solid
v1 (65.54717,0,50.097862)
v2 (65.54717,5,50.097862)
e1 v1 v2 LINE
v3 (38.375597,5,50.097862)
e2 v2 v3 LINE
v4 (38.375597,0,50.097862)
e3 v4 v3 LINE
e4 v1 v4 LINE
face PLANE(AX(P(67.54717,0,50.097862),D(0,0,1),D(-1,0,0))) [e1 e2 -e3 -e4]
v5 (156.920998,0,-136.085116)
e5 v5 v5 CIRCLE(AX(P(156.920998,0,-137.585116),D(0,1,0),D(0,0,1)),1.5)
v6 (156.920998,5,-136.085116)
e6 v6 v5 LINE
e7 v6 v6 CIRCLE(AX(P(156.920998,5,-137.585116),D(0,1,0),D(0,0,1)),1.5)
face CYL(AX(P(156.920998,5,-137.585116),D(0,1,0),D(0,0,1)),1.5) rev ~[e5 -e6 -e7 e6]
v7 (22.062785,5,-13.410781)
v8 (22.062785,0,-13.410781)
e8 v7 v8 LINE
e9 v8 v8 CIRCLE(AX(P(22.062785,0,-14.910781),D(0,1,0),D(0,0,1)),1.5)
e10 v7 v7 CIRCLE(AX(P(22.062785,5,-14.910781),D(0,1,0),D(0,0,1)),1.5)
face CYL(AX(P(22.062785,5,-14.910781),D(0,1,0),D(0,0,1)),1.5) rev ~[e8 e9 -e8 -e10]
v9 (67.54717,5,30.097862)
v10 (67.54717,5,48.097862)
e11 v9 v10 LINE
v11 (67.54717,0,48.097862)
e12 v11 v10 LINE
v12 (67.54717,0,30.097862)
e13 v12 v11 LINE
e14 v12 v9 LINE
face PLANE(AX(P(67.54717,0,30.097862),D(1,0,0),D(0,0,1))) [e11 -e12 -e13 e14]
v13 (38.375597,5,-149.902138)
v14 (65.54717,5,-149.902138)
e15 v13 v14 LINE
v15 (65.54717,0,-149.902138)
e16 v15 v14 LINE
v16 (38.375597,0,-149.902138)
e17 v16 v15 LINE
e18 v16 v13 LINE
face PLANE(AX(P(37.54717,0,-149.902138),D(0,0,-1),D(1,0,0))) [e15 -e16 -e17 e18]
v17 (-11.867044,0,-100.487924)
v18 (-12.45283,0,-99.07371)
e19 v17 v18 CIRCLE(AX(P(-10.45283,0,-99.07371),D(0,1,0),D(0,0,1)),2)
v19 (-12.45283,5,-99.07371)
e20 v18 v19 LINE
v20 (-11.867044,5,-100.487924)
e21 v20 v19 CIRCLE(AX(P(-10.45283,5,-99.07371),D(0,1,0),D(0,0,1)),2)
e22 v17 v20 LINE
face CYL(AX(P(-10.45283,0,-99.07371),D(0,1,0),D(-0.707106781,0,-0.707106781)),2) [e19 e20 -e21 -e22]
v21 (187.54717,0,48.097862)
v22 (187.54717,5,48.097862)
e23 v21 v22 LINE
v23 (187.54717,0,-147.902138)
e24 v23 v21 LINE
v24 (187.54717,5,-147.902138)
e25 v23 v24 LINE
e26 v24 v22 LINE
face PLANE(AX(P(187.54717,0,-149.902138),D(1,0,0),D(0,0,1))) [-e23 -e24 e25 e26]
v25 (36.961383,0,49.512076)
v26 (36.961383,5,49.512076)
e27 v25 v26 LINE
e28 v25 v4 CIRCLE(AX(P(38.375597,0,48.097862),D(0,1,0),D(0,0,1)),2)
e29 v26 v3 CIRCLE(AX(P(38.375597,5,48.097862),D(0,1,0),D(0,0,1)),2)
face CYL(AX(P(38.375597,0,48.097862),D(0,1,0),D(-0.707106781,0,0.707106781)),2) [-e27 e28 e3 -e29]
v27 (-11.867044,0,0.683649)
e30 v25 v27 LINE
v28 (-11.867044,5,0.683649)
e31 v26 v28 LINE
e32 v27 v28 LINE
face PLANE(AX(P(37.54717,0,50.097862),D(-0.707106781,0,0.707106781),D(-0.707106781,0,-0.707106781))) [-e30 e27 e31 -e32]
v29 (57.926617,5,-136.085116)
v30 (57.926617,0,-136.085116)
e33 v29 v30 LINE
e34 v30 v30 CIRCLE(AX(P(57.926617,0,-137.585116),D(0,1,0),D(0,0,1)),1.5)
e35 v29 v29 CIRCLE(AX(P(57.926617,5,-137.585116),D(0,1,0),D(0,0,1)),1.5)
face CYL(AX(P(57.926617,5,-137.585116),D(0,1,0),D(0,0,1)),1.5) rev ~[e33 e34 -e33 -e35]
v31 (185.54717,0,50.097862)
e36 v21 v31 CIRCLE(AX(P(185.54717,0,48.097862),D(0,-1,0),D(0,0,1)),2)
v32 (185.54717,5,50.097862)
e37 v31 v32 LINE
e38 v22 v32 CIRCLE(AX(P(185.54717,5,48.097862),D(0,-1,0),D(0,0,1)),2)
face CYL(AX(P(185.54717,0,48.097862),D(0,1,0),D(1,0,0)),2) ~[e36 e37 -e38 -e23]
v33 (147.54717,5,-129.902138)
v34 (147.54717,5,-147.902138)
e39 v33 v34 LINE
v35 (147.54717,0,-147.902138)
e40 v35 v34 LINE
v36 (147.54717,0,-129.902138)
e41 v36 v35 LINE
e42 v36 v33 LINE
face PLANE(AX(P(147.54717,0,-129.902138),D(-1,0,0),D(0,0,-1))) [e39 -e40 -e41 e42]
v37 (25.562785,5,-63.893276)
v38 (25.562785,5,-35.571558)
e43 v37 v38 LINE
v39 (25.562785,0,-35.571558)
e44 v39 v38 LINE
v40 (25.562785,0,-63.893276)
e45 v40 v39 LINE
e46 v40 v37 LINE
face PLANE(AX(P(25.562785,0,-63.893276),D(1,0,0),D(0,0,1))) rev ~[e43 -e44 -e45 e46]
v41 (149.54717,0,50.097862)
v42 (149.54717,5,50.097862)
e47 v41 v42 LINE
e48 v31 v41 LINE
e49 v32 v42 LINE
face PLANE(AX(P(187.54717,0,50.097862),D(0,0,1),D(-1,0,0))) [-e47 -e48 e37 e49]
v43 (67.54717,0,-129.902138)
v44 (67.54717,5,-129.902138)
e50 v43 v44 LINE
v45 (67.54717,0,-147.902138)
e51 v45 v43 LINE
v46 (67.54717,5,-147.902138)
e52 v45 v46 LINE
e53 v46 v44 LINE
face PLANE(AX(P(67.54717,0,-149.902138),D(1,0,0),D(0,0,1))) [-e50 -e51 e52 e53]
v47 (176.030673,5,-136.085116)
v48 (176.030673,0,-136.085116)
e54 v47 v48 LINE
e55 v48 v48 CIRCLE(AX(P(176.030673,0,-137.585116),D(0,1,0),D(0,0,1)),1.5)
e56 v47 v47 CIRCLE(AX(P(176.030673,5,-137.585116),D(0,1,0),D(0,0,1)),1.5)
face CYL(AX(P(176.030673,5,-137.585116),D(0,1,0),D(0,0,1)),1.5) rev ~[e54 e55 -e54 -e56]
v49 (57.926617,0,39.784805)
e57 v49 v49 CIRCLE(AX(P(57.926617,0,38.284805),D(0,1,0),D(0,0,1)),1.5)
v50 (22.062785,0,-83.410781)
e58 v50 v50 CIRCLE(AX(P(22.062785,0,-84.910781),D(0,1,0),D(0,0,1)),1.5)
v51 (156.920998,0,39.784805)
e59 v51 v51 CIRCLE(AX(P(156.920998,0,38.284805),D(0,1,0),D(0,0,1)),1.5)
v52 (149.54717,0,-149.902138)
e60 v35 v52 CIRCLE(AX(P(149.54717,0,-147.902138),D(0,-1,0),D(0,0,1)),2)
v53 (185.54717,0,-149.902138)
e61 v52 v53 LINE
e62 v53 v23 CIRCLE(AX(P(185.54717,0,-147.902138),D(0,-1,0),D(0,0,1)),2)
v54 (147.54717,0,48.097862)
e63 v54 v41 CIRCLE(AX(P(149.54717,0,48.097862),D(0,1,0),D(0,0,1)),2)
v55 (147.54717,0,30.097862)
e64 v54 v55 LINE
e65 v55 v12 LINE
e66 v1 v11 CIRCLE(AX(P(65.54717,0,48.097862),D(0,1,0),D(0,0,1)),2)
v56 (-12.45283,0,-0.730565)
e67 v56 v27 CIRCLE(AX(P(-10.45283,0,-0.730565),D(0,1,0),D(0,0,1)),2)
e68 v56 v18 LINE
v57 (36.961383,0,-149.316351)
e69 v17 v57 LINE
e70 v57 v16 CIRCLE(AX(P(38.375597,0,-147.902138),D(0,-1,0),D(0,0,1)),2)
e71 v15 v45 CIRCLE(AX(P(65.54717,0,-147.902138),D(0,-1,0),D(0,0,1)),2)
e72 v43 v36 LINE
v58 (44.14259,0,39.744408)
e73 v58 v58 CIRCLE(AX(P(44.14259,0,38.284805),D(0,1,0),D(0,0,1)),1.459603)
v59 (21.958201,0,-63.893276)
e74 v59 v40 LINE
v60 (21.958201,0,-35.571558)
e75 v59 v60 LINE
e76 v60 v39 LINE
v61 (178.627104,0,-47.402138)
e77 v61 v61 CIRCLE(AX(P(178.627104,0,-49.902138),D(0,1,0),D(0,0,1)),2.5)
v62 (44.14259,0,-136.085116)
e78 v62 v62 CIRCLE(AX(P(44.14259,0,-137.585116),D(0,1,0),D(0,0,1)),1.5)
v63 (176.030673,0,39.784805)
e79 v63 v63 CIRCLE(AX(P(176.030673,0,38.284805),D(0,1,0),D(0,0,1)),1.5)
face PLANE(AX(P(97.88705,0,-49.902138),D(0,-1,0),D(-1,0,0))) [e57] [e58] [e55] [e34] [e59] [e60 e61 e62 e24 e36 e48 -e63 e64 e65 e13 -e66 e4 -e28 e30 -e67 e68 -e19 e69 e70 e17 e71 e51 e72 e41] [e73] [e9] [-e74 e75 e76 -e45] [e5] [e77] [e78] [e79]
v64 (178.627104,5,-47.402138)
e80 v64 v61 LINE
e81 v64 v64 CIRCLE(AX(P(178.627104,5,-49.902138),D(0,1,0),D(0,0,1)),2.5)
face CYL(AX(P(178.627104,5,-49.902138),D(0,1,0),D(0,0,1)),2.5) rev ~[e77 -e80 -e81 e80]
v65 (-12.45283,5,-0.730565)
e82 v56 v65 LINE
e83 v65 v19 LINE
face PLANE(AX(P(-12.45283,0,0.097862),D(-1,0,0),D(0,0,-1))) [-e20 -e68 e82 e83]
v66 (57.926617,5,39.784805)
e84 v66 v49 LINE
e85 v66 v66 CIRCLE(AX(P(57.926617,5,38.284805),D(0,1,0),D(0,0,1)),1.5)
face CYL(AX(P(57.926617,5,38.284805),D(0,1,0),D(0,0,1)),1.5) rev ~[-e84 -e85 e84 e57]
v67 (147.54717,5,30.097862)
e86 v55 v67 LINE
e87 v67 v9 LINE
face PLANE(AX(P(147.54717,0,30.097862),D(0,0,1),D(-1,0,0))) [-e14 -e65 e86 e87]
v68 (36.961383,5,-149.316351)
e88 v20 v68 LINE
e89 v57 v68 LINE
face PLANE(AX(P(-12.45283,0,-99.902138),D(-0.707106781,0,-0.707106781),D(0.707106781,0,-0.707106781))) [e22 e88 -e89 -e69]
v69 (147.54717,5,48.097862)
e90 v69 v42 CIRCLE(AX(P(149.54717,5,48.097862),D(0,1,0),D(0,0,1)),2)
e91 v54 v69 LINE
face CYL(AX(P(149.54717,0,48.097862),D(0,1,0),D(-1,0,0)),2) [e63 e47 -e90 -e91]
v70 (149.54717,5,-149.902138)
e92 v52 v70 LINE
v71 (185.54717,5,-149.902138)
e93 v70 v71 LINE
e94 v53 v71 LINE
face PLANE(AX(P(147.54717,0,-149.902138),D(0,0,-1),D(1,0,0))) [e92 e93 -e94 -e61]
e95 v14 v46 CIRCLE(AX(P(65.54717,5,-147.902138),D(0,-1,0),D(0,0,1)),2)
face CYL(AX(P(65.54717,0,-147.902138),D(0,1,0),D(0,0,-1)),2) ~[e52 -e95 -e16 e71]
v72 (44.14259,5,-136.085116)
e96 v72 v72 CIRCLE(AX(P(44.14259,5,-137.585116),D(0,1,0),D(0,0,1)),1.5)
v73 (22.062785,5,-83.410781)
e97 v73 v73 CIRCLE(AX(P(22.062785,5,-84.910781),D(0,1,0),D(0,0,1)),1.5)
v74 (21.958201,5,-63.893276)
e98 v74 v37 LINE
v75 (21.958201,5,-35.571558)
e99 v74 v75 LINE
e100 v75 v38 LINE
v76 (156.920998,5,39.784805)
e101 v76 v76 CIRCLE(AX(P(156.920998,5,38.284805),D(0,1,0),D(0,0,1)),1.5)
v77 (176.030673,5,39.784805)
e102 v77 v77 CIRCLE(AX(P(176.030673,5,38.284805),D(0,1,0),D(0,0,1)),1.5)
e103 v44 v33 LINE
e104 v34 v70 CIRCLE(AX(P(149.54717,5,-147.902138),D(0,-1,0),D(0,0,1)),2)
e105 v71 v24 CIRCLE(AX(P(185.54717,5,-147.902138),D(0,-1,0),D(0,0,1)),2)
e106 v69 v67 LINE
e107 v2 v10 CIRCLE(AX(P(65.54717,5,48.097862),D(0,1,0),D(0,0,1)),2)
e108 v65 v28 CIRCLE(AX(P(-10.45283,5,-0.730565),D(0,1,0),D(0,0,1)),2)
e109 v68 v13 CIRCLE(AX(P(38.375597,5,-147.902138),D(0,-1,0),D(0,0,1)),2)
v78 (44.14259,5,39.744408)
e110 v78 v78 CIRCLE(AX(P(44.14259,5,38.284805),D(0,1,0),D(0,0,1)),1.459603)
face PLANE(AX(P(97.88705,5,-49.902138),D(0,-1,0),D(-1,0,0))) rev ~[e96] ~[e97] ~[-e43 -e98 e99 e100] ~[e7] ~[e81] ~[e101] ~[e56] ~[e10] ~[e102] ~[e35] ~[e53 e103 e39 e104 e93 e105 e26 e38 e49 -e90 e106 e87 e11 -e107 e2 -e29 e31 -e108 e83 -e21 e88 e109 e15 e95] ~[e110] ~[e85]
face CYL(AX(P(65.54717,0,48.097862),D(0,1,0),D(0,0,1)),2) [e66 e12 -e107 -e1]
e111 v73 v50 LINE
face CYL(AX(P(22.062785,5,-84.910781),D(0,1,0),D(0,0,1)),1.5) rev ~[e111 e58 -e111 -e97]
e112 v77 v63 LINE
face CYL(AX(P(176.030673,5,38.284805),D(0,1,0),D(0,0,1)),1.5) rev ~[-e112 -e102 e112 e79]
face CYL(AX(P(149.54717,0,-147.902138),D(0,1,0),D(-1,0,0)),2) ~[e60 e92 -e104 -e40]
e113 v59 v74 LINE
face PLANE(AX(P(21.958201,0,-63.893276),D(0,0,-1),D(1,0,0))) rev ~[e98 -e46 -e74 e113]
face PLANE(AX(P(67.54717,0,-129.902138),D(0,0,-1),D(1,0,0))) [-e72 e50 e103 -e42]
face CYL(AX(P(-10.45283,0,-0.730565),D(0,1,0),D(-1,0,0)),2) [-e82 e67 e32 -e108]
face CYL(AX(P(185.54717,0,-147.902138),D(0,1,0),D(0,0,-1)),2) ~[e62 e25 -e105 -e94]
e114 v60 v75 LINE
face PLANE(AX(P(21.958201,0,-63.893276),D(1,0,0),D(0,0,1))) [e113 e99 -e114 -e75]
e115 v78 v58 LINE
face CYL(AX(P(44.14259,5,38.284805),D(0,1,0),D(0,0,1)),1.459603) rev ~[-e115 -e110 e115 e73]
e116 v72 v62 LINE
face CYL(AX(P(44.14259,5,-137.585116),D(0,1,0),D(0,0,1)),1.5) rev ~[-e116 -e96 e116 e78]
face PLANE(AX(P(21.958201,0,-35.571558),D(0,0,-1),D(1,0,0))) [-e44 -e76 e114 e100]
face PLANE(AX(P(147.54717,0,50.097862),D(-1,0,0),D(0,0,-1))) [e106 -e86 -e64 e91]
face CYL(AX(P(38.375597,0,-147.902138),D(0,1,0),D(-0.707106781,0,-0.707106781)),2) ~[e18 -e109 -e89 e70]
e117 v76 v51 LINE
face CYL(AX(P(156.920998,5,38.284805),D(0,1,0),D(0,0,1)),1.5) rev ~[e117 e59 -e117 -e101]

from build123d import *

# Parameters (mm, degrees)
BOSS_EXTRUDE1_DEPTH = 5
SKETCH5_R           = 2.5
CUT_EXTRUDE3_DEPTH  = 10
FILLET2_R           = 2
SKETCH6_R           = 1.5
CUT_EXTRUDE5_DEPTH  = 10
SKETCH7_W           = 3.604584819
SKETCH7_H           = 28.321717567
CUT_EXTRUDE6_DEPTH  = 10
SKETCH8_R           = 1.5
SKETCH8_R_2         = 1.459602963
CUT_EXTRUDE7_DEPTH  = 10


with BuildPart() as part:
    # Sketch1 → Boss-Extrude1 (new body)
    with BuildSketch(Plane(origin=(0, 0, 0), x_dir=(1, 0, 0), z_dir=(0, 1, 0))):
        Polygon((-12.452830189, 99.902137597), (37.547169811, 149.902137597), (67.547169811, 149.902137597), (67.547169811, 129.902137597), (147.547169811, 129.902137597), (147.547169811, 149.902137597), (187.547169811, 149.902137597), (187.547169811, -50.097862403), (147.547169811, -50.097862403), (147.547169811, -30.097862403), (67.547169811, -30.097862403), (67.547169811, -50.097862403), (37.547169811, -50.097862403), (-12.452830189, -0.097862403), align=None)
    extrude(amount=BOSS_EXTRUDE1_DEPTH)

    # Sketch5 → Cut-Extrude3 (cut)
    with BuildSketch(Plane(origin=(0, 5, 0), x_dir=(1, 0, 0), z_dir=(0, 1, 0))):
        with Locations((178.627103709, 49.902137597)):
            Circle(SKETCH5_R)
    extrude(amount=-CUT_EXTRUDE3_DEPTH, mode=Mode.SUBTRACT)

    # Fillet2
    fillet2_edges = [part.edges().sort_by_distance(p)[0] for p in [
        (147.547169811, 2.5, -149.902137597),
        (67.547169811, 2.5, -149.902137597),
        (37.547169811, 2.5, -149.902137597),
        (-12.452830189, 2.5, -99.902137597),
        (-12.452830189, 2.5, 0.097862403),
        (37.547169811, 2.5, 50.097862403),
        (67.547169811, 2.5, 50.097862403),
        (147.547169811, 2.5, 50.097862403),
        (187.547169811, 2.5, 50.097862403),
        (187.547169811, 2.5, -149.902137597),
    ]]
    fillet(fillet2_edges, radius=FILLET2_R)

    # Sketch6 → Cut-Extrude5 (cut)
    with BuildSketch(Plane(origin=(0, 5, 0), x_dir=(1, 0, 0), z_dir=(0, 1, 0))):
        with Locations((22.062785461, 14.910780602)):
            Circle(SKETCH6_R)
        with Locations((22.062785461, 84.910780602)):
            Circle(SKETCH6_R)
    extrude(amount=-CUT_EXTRUDE5_DEPTH, mode=Mode.SUBTRACT)

    # Sketch7 → Cut-Extrude6 (cut)
    with BuildSketch(Plane.XZ):
        with Locations((23.760493051, -49.732417236)):
            Rectangle(SKETCH7_W, SKETCH7_H)
    extrude(amount=-CUT_EXTRUDE6_DEPTH, mode=Mode.SUBTRACT)

    # Sketch8 → Cut-Extrude7 (cut)
    with BuildSketch(Plane(origin=(0, 5, 0), x_dir=(1, 0, 0), z_dir=(0, 1, 0))):
        with Locations((44.14258974, 137.585115599)):
            Circle(SKETCH8_R)
        with Locations((57.926617395, 137.585115599)):
            Circle(SKETCH8_R)
        with Locations((44.14258974, -38.284805306)):
            Circle(SKETCH8_R_2)
        with Locations((57.926617395, -38.284805306)):
            Circle(SKETCH8_R)
        with Locations((156.920997826, -38.284805306)):
            Circle(SKETCH8_R)
        with Locations((176.030672529, -38.284805306)):
            Circle(SKETCH8_R)
        with Locations((156.920997826, 137.585115599)):
            Circle(SKETCH8_R)
        with Locations((176.030672529, 137.585115599)):
            Circle(SKETCH8_R)
    extrude(amount=-CUT_EXTRUDE7_DEPTH, mode=Mode.SUBTRACT)


solid = part.part
